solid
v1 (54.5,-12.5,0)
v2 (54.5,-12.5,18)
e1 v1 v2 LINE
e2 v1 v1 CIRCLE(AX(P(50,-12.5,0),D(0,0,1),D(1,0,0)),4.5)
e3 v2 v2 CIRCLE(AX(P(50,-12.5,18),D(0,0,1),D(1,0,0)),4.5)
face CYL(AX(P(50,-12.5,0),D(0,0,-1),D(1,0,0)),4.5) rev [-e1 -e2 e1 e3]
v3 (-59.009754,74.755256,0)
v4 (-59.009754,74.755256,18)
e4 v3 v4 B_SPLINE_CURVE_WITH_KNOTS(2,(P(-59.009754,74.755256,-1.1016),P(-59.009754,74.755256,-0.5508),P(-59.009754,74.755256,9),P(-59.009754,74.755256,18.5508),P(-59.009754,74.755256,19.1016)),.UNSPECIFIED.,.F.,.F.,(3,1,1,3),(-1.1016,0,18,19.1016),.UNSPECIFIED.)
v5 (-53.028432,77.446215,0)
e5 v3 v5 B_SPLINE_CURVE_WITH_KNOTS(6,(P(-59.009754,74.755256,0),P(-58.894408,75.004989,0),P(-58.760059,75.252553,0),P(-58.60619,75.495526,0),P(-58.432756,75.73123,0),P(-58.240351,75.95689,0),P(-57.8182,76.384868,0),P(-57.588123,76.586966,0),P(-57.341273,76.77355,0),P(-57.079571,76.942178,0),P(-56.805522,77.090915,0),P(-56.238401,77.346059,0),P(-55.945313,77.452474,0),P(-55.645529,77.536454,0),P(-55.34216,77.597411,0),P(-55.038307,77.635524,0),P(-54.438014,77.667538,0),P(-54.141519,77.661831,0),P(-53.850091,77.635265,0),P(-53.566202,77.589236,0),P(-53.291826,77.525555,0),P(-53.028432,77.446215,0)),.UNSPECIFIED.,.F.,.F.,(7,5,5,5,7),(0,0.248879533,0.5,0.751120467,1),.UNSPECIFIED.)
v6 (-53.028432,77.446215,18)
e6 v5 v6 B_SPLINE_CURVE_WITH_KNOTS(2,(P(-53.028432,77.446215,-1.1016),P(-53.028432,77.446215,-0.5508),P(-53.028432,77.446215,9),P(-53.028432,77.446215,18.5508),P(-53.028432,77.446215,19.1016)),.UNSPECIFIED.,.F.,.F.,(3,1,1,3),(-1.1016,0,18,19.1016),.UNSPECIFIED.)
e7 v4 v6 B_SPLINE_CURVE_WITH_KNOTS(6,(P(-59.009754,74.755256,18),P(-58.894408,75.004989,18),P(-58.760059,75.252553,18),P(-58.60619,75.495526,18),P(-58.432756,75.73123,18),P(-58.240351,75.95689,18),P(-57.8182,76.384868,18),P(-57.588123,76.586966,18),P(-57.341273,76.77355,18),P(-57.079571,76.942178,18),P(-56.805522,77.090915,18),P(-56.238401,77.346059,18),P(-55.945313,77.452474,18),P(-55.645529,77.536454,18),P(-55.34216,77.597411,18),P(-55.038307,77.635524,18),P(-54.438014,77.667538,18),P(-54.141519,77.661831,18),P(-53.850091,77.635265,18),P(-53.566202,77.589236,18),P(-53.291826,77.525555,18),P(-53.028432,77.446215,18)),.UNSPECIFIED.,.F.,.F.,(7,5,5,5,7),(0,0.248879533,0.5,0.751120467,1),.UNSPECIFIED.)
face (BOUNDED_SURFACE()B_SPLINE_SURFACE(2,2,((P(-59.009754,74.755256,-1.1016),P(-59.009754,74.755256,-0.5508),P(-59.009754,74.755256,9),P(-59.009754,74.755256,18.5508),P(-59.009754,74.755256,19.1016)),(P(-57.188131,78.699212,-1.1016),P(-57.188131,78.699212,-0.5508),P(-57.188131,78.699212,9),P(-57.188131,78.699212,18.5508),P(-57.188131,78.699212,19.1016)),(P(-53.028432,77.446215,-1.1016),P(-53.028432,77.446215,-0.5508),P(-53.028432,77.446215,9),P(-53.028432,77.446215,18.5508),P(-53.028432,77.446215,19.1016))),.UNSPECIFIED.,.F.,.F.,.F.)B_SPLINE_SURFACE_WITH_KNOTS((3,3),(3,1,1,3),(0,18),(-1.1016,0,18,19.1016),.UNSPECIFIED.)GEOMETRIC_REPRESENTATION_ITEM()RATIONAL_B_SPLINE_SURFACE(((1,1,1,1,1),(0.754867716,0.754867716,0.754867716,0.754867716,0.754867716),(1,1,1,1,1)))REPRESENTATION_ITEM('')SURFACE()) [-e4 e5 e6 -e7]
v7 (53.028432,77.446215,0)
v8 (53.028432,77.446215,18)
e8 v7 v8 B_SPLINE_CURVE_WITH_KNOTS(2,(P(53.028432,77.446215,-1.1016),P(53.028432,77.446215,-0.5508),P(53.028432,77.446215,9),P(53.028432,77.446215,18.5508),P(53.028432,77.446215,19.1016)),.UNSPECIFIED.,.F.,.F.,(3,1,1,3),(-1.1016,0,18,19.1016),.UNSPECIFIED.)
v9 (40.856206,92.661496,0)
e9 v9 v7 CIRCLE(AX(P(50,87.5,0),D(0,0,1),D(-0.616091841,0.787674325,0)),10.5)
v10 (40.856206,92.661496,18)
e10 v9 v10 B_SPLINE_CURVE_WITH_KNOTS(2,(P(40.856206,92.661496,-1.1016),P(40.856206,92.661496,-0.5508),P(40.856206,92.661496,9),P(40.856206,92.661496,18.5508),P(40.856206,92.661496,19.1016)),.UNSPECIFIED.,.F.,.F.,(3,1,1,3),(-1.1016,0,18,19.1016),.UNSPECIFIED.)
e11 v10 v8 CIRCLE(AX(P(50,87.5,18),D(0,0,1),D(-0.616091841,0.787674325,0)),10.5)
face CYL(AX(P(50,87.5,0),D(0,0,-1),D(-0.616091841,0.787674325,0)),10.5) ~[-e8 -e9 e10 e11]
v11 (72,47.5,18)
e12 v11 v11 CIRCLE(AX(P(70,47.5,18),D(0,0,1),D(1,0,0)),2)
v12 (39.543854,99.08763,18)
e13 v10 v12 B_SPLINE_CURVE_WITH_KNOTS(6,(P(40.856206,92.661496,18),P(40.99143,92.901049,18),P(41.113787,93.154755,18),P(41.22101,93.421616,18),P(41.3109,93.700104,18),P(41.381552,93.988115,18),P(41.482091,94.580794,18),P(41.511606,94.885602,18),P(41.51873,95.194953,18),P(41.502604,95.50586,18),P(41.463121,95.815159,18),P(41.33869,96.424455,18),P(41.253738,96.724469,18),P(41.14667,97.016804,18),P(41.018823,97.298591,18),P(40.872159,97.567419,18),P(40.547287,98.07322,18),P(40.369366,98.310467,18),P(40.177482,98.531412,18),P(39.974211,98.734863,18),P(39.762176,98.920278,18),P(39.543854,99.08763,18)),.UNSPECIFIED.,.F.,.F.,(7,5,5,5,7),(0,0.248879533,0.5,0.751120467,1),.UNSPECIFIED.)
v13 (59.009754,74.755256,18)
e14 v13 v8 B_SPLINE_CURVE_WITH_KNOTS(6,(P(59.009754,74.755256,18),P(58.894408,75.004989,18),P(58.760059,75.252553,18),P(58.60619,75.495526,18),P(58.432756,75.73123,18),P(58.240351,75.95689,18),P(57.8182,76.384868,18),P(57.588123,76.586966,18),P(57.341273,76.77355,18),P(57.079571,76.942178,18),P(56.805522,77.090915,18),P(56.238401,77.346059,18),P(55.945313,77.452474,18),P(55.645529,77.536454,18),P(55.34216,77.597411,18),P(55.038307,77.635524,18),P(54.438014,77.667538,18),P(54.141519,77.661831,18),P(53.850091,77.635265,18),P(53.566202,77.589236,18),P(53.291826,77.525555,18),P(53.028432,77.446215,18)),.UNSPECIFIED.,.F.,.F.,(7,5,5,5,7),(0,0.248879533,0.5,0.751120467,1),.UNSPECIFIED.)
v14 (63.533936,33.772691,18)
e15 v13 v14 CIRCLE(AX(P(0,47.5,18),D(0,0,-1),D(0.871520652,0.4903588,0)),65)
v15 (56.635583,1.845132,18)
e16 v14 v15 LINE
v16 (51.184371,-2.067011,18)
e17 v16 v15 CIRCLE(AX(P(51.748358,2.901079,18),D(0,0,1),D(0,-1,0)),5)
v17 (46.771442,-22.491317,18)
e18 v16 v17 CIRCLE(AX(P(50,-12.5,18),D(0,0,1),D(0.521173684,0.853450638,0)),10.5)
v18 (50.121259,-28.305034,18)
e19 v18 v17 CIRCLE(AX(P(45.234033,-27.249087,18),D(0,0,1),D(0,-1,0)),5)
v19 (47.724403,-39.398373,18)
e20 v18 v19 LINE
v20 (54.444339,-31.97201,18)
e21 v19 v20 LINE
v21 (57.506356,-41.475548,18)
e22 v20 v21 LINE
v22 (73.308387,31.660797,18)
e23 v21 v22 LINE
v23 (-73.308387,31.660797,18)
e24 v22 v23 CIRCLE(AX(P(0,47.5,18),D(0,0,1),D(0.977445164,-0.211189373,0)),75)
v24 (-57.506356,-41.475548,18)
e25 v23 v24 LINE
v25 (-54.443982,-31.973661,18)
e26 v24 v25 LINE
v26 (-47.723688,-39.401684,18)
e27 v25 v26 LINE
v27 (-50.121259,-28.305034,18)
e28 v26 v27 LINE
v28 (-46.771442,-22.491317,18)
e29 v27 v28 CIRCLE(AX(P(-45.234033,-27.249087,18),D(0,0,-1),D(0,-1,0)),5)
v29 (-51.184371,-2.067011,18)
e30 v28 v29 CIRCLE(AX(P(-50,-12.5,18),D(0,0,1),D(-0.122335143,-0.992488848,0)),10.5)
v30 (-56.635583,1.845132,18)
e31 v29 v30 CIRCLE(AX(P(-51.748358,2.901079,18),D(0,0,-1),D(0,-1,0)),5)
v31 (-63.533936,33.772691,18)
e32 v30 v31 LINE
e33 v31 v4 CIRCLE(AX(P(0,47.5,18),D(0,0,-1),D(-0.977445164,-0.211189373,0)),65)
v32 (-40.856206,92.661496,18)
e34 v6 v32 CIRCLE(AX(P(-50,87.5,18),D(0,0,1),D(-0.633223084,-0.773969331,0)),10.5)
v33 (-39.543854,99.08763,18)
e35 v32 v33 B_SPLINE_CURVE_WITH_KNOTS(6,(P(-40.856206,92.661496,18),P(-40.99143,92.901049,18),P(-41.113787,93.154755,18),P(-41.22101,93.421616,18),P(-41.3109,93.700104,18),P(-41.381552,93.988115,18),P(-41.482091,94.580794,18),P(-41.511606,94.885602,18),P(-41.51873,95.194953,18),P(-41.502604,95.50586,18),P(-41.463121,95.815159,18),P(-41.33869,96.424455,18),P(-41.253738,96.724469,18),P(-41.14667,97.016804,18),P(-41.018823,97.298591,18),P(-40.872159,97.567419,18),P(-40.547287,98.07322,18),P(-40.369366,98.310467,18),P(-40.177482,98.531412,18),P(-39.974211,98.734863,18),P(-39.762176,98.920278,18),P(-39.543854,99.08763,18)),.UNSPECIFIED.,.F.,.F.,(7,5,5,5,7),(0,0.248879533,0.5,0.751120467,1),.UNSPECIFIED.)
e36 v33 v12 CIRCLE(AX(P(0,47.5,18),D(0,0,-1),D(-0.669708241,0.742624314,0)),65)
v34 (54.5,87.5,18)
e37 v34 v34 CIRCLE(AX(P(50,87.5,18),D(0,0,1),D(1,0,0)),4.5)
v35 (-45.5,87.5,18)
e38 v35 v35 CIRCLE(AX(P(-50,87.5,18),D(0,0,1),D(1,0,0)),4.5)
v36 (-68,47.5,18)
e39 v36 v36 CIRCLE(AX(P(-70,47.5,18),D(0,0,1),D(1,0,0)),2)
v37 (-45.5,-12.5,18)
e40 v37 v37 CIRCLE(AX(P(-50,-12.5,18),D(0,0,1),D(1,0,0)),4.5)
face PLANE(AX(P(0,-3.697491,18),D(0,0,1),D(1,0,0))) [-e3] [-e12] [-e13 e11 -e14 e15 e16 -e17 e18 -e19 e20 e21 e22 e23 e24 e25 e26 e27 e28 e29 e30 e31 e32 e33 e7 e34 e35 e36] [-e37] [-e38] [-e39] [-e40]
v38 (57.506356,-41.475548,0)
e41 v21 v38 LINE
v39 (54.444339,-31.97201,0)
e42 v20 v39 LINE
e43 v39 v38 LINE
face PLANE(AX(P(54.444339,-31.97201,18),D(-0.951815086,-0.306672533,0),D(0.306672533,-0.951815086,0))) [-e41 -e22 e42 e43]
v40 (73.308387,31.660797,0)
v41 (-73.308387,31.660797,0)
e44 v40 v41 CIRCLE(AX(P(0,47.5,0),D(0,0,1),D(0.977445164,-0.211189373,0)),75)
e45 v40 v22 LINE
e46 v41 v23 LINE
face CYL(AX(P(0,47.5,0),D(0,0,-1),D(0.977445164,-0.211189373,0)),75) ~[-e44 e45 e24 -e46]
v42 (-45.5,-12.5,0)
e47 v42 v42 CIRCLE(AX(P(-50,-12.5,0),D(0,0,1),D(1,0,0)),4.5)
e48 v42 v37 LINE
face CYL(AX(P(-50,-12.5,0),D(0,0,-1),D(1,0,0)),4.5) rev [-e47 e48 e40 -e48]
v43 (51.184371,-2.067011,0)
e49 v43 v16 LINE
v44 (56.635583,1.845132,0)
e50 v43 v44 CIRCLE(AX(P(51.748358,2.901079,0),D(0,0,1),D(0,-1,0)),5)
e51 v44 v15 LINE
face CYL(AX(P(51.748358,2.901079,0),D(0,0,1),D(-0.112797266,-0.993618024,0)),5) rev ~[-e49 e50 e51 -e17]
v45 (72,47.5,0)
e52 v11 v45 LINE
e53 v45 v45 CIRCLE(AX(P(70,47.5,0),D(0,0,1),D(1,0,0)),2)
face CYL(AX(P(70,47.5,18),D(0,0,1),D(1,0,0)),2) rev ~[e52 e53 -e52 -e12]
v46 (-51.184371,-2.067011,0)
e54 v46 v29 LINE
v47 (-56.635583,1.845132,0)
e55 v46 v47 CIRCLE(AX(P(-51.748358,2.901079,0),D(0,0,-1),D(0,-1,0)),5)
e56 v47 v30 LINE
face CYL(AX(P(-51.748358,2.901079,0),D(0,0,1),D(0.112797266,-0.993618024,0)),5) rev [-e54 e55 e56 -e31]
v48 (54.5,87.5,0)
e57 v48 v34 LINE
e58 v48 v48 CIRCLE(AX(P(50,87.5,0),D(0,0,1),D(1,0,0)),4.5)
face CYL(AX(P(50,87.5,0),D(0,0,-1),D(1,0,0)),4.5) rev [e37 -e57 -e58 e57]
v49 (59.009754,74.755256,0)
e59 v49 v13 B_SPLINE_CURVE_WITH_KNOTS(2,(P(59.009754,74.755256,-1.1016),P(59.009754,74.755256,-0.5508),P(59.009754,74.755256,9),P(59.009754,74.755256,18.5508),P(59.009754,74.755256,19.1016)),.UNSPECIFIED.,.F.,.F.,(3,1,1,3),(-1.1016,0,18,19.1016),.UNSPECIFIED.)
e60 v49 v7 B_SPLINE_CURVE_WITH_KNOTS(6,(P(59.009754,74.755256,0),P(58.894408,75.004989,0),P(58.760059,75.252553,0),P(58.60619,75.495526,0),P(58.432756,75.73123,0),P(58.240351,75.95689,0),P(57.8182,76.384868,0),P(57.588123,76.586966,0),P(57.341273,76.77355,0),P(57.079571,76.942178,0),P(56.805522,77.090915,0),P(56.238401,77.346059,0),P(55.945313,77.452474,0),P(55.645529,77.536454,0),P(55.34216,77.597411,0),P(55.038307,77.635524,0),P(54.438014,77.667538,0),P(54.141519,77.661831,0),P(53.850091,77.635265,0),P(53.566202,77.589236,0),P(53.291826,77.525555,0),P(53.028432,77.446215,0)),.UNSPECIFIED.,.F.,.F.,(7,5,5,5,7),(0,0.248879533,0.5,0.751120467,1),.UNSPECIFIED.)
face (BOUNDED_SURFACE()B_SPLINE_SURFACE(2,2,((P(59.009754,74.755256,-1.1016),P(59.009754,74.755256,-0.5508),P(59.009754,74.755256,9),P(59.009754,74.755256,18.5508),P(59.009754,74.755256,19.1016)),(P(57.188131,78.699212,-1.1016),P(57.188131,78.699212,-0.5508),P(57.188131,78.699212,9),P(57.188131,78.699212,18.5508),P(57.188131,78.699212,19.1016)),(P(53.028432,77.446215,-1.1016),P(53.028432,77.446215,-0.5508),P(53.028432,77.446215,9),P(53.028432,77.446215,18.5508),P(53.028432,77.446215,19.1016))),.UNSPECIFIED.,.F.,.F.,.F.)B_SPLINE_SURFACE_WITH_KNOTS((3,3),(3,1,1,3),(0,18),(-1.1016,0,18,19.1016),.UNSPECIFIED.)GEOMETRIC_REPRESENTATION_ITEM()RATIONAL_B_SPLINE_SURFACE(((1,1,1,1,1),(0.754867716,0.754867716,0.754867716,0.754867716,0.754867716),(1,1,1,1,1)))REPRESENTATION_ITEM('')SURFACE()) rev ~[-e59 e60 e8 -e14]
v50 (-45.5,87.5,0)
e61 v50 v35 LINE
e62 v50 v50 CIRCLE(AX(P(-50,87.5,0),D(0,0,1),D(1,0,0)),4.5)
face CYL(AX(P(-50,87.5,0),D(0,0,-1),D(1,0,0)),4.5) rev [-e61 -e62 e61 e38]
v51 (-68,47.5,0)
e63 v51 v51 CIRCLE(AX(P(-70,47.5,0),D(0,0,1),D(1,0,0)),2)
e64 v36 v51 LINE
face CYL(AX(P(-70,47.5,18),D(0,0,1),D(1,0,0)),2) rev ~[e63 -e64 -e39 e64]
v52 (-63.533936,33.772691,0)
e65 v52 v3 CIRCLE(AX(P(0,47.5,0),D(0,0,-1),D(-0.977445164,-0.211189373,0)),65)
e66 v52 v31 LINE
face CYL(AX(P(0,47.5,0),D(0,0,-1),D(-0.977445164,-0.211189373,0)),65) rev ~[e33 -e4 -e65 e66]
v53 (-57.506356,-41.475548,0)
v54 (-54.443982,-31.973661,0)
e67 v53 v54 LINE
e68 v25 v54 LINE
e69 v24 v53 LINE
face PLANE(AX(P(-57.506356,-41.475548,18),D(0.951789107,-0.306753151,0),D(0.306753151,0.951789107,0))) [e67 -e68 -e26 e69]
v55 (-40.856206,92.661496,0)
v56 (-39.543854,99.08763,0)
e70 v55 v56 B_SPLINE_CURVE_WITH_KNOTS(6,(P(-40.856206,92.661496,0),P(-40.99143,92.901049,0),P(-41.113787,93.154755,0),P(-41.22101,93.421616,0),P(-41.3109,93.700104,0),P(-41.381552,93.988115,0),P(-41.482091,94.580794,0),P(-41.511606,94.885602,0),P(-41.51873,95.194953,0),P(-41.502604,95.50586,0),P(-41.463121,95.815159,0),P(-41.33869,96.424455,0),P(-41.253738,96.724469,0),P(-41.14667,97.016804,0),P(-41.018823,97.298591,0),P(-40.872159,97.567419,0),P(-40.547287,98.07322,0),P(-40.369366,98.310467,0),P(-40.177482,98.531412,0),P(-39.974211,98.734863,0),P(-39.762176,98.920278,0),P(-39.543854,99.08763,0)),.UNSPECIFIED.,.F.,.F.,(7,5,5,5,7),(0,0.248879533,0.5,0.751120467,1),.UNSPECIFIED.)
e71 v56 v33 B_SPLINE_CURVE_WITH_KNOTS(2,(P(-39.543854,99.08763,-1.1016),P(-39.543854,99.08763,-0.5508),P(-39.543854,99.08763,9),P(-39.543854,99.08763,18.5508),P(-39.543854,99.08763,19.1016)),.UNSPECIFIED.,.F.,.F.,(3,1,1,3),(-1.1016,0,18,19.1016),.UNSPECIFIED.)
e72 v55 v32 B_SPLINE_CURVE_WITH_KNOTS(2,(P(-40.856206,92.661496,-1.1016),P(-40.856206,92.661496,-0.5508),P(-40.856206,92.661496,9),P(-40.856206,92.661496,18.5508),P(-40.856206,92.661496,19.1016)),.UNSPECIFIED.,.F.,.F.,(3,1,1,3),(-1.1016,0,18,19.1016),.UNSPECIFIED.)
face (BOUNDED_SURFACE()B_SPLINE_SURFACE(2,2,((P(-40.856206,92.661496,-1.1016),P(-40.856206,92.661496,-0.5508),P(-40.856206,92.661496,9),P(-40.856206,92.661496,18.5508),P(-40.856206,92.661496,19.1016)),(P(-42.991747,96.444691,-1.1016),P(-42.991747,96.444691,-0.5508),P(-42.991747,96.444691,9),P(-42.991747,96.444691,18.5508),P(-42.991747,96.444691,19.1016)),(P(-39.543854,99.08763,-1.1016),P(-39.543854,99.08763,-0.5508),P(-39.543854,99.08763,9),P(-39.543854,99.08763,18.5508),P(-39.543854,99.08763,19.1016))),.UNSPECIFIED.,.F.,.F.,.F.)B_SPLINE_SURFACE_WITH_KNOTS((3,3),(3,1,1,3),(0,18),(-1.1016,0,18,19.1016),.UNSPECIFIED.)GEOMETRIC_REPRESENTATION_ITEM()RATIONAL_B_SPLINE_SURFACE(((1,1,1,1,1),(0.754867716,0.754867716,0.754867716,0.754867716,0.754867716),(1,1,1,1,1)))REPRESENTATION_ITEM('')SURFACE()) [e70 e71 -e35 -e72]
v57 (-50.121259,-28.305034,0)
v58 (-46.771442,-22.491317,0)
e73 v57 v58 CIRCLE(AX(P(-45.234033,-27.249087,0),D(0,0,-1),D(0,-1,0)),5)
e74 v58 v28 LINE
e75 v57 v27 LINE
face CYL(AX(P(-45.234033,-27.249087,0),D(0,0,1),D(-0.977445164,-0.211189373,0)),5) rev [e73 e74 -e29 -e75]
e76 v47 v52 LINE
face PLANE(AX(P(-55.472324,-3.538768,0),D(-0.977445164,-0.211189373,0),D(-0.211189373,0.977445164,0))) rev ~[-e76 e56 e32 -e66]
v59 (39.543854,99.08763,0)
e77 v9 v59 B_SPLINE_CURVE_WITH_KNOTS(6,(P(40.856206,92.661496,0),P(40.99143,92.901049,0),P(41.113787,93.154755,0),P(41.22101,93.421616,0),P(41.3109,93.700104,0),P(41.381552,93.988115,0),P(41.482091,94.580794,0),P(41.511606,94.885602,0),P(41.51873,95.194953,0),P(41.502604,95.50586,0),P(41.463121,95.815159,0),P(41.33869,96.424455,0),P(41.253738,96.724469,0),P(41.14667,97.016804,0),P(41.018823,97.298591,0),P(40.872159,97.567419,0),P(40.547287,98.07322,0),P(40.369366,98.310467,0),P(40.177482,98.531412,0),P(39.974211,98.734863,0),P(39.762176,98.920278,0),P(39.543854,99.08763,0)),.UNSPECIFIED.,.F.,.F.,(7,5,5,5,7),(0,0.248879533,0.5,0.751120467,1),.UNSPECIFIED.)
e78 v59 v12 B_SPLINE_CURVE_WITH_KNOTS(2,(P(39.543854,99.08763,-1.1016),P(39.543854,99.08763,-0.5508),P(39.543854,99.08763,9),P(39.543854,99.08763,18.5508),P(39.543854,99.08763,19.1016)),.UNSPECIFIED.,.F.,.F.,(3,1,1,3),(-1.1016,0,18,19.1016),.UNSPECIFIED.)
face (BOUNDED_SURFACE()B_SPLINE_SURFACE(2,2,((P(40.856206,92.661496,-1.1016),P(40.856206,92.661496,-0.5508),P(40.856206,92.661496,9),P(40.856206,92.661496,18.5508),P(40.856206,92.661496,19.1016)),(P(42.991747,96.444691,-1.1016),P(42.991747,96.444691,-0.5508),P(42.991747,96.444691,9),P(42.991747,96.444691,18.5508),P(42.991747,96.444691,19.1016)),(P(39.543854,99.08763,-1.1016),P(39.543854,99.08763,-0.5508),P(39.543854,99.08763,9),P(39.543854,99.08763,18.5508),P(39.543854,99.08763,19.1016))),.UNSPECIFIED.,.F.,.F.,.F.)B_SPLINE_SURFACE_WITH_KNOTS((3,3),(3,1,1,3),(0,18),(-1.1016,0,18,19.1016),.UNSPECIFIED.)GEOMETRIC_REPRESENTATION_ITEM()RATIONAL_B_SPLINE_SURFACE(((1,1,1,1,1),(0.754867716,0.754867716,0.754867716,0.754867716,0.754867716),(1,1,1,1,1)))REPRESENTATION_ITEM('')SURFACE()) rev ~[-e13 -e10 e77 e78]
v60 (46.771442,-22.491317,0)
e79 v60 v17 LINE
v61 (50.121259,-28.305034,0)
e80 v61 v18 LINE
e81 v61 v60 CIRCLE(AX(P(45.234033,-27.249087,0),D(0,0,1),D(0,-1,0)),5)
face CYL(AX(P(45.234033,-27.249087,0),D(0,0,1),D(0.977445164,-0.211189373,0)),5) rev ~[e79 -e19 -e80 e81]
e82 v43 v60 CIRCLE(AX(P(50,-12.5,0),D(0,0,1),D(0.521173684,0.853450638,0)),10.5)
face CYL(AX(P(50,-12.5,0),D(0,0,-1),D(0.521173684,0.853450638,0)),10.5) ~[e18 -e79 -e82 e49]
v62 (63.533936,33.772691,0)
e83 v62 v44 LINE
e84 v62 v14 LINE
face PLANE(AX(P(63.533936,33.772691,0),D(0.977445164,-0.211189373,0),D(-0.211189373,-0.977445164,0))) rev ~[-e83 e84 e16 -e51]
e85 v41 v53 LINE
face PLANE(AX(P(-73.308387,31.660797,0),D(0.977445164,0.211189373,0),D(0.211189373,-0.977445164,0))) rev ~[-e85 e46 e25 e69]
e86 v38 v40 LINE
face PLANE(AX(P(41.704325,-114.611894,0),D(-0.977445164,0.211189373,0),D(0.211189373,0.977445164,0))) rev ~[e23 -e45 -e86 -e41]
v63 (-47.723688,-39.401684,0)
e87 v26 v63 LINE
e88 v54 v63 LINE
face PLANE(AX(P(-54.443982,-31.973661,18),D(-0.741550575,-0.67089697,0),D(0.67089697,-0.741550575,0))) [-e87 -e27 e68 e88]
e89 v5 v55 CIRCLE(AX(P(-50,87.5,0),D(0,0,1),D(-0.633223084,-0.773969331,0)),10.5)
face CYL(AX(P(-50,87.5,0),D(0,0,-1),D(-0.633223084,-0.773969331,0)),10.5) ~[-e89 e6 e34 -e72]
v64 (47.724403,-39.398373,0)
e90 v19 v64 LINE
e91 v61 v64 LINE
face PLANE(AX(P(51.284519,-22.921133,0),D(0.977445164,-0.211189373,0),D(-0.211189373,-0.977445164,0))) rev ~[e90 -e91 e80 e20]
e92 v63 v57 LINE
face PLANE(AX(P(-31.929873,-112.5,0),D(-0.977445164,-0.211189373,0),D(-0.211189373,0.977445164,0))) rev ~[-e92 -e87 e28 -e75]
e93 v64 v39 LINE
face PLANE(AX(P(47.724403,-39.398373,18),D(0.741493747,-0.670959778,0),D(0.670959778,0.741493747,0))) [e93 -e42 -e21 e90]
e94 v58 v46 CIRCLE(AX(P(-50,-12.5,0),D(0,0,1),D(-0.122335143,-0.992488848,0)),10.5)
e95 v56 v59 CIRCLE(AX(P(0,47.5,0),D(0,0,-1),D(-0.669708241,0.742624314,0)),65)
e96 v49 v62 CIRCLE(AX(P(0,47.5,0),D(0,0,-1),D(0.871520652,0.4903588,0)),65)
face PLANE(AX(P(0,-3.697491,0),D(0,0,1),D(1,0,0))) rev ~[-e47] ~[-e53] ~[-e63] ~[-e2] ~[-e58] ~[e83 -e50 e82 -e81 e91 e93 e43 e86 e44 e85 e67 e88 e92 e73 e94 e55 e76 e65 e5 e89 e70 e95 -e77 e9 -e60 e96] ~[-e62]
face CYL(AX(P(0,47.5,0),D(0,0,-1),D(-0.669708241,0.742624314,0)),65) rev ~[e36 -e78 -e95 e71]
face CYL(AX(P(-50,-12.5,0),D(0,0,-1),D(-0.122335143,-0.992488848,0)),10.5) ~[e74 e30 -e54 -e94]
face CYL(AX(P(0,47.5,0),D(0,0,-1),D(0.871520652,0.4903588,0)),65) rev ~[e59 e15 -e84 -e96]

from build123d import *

# Parameters (mm, degrees)
SKETCH3_R           = 4.5
BOSS_EXTRUDE1_DEPTH = 18
FILLET1_R           = 5
FILLET2_R           = 5
CUT_EXTRUDE2_DEPTH  = 19.0000001
SKETCH6_R           = 2
CUT_EXTRUDE3_DEPTH  = 19.0000001


with BuildPart() as part:
    # Sketch3 → Boss-Extrude1 (new body)
    with BuildSketch(Plane.XY):
        with BuildLine():
            Line((-31.929873349, -122.5), (31.929873349, -122.5))
            ThreePointArc((31.929873349, -122.5), (38.210043039, -120.281996444), (41.704324989, -114.611893732))
            Line((41.704324989, -114.611893732), (73.308387301, 31.660797012))
            ThreePointArc((73.308387301, 31.660797012), (0, 122.5), (-73.308387301, 31.660797012))
            Line((-73.308387301, 31.660797012), (-41.704324989, -114.611893732))
            ThreePointArc((-41.704324989, -114.611893732), (-38.210043039, -120.281996444), (-31.929873349, -122.5))
        make_face()
        with Locations((50, -12.5)):
            Circle(SKETCH3_R, mode=Mode.SUBTRACT)
        with Locations((50, 87.5)):
            Circle(SKETCH3_R, mode=Mode.SUBTRACT)
        with Locations((-50, 87.5)):
            Circle(SKETCH3_R, mode=Mode.SUBTRACT)
        with Locations((-50, -12.5)):
            Circle(SKETCH3_R, mode=Mode.SUBTRACT)
        with BuildLine():
            Line((-31.929873349, -112.5), (-51.284518999, -22.921132901))
            ThreePointArc((-51.284518999, -22.921132901), (-39.736825778, -10.282511582), (-55.472323677, -3.538768301))
            Line((-55.472323677, -3.538768301), (-63.533935661, 33.772690744))
            ThreePointArc((-63.533935661, 33.772690744), (-64.271528905, 57.204152316), (-56.648842383, 79.373322021))
            ThreePointArc((-56.648842383, 79.373322021), (-41.800877501, 80.940702001), (-43.531035666, 95.770580418))
            ThreePointArc((-43.531035666, 95.770580418), (0, 112.5), (43.531035666, 95.770580418))
            ThreePointArc((43.531035666, 95.770580418), (41.800877501, 80.940702001), (56.648842383, 79.373322021))
            ThreePointArc((56.648842383, 79.373322021), (64.271528905, 57.204152316), (63.533935661, 33.772690744))
            Line((63.533935661, 33.772690744), (55.472323677, -3.538768301))
            ThreePointArc((55.472323677, -3.538768301), (39.736825778, -10.282511582), (51.284518999, -22.921132901))
            Line((51.284518999, -22.921132901), (31.929873349, -112.5))
            Line((31.929873349, -112.5), (-31.929873349, -112.5))
        make_face(mode=Mode.SUBTRACT)
    extrude(amount=BOSS_EXTRUDE1_DEPTH)

    # Fillet1
    fillet1_edges = [part.edges().sort_by_distance(p)[0] for p in [
        (-31.929873349, -112.5, 9),
        (31.929873349, -112.5, 9),
    ]]
    fillet(fillet1_edges, radius=FILLET1_R)

    # Fillet2
    fillet2_edges = [part.edges().sort_by_distance(p)[0] for p in [
        (51.284518999, -22.921132901, 9),
        (55.472323677, -3.538768301, 9),
        (56.648842383, 79.373322021, 9),
        (43.531035666, 95.770580418, 9),
        (-43.531035666, 95.770580418, 9),
        (-56.648842383, 79.373322021, 9),
        (-55.472323677, -3.538768301, 9),
        (-51.284518999, -22.921132901, 9),
    ]]
    fillet(fillet2_edges, radius=FILLET2_R)

    # Sketch5 → Cut-Extrude2 (cut, through all)
    with BuildSketch(Plane.XY.offset(18)):
        Polygon((47.724403212, -39.39837277), (54.444339069, -31.972010438), (57.506356145, -41.47554836), (70.328868077, -126.043088926), (-63.485047771, -126.043088926), (-57.506356145, -41.47554836), (-54.443982463, -31.973660914), (-47.723687693, -39.401684395), align=None)
    extrude(amount=-CUT_EXTRUDE2_DEPTH, mode=Mode.SUBTRACT)

    # Sketch6 → Cut-Extrude3 (cut, through all)
    with BuildSketch(Plane.XY.offset(18)):
        with Locations((-70, 47.5)):
            Circle(SKETCH6_R)
        with Locations((70, 47.5)):
            Circle(SKETCH6_R)
    extrude(amount=-CUT_EXTRUDE3_DEPTH, mode=Mode.SUBTRACT)


solid = part.part
